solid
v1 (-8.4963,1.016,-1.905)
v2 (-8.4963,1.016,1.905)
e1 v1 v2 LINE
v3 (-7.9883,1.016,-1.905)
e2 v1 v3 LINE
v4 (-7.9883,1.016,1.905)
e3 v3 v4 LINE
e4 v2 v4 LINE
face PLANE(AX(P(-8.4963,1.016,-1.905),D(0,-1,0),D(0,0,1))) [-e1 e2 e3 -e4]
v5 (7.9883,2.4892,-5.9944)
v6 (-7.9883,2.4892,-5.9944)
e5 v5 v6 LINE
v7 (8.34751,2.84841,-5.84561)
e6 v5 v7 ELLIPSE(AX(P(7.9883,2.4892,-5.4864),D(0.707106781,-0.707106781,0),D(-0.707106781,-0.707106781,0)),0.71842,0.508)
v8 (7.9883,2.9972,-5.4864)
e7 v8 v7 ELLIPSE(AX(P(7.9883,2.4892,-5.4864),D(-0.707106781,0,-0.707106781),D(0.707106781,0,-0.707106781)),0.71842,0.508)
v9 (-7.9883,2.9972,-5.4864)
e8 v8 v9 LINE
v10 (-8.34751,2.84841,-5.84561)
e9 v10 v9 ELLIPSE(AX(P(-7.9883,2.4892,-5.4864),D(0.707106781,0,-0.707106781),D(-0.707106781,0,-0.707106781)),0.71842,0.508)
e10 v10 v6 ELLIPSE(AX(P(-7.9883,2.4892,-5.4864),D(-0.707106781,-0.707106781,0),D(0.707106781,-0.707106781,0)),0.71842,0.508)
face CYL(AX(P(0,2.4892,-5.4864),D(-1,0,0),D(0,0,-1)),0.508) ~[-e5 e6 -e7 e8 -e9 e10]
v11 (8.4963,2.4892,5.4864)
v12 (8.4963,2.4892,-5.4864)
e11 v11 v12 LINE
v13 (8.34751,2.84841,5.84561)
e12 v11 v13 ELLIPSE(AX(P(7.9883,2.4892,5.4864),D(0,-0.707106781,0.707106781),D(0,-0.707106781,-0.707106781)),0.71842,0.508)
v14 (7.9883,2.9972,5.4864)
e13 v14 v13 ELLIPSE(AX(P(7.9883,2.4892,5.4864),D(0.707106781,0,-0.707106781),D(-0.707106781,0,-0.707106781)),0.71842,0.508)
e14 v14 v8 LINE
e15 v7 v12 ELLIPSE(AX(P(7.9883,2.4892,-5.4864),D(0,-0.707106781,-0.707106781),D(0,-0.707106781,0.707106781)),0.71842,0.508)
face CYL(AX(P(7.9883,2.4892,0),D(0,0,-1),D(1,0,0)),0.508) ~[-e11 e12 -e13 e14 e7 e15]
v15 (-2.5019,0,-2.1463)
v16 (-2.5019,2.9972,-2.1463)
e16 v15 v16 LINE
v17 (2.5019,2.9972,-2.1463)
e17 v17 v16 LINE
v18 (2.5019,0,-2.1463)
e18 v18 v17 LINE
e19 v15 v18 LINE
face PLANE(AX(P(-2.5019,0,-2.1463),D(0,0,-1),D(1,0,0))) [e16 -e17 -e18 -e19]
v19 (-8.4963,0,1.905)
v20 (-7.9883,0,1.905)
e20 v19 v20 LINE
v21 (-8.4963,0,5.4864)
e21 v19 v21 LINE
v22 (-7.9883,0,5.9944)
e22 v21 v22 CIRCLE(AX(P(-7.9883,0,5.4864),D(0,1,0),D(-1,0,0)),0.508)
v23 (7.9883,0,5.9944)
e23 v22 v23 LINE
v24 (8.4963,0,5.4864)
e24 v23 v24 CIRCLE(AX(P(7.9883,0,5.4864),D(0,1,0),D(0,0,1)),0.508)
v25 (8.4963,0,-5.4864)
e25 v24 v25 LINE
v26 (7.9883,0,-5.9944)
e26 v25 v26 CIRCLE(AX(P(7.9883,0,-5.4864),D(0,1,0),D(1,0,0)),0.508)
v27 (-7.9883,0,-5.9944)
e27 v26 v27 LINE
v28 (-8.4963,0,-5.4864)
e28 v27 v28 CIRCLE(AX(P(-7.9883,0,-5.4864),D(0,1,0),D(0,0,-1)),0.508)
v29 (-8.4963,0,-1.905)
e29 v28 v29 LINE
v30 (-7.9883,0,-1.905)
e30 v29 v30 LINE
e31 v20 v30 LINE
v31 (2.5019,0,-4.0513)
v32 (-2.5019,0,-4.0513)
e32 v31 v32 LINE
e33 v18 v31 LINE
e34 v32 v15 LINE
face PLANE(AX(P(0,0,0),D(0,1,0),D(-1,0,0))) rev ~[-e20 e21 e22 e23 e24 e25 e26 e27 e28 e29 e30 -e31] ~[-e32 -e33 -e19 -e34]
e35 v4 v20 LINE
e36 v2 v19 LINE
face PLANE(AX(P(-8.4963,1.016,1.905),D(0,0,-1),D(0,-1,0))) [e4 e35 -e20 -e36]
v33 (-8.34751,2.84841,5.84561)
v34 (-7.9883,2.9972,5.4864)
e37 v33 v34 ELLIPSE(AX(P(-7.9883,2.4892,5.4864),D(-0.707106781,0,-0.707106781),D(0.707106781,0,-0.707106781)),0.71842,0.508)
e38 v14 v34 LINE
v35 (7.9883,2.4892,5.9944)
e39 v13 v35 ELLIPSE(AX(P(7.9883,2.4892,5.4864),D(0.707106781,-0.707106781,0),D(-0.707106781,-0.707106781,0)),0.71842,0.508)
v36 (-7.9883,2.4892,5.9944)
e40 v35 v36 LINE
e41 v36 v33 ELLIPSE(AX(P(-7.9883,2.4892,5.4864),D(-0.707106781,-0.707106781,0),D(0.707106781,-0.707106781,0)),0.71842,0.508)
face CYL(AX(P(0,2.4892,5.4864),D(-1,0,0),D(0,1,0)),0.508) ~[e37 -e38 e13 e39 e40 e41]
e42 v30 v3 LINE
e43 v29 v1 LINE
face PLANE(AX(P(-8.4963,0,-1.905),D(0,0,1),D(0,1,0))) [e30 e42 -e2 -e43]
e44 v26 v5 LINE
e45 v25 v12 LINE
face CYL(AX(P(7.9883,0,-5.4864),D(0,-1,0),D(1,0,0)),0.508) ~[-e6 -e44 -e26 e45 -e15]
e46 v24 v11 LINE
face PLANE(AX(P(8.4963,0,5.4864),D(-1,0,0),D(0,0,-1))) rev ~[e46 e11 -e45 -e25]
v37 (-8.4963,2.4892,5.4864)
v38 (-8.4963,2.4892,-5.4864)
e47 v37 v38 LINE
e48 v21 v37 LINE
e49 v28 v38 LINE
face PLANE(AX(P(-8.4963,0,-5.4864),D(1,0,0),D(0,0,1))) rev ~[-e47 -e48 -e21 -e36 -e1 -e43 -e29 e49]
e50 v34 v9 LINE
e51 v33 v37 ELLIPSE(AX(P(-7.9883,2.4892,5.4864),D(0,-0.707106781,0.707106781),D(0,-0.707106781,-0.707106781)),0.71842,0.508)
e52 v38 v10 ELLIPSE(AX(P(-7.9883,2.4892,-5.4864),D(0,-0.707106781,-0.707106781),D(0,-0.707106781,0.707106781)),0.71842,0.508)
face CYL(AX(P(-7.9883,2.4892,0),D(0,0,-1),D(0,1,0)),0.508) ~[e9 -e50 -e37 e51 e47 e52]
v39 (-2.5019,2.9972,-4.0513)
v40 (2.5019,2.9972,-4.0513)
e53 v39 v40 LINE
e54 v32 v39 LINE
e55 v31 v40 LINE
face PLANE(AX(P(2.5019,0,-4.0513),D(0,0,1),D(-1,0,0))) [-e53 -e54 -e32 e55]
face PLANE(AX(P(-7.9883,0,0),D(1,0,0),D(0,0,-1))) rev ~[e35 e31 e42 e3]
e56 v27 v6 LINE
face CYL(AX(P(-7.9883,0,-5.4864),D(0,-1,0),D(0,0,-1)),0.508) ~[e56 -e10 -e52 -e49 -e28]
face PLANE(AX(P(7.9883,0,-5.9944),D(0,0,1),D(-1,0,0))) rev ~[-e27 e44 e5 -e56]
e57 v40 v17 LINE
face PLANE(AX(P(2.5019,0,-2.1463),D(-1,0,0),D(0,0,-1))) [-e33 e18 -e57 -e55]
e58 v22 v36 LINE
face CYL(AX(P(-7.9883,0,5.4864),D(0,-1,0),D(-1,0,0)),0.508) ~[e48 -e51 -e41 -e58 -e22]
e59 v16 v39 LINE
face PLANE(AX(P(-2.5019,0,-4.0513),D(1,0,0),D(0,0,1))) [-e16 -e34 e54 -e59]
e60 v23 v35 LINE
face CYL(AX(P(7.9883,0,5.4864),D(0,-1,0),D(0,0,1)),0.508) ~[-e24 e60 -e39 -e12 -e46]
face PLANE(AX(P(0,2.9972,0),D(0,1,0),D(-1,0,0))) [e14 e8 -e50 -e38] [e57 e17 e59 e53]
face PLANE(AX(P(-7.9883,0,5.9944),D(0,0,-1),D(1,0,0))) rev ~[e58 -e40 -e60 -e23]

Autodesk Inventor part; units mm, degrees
sketch "Sketch_1" plane through (0, 0, 0) normal (0, 1, 0) x (-1, 0, 0)
  line L0 (8.4963, -5.4864) -> (8.4963, 5.4864)
  arc A0 (8.4963, 5.4864) -> (7.9883, 5.9944) centre (7.9883, 5.4864) ccw
  line L1 (7.9883, 5.9944) -> (-7.9883, 5.9944)
  arc A1 (-7.9883, 5.9944) -> (-8.4963, 5.4864) centre (-7.9883, 5.4864) ccw
  line L2 (-8.4963, 5.4864) -> (-8.4963, -5.4864)
  arc A2 (-8.4963, -5.4864) -> (-7.9883, -5.9944) centre (-7.9883, -5.4864) ccw
  line L3 (-7.9883, -5.9944) -> (7.9883, -5.9944)
  arc A3 (7.9883, -5.9944) -> (8.4963, -5.4864) centre (7.9883, -5.4864) ccw
extrude "Extrusion1" add sketch "Sketch_1" along normal blind 2.9972
sketch "Sketch_6" plane through (0, 0, 0) normal (0, 0, 1) x (1, 0, 0)
  line L0 (-10.16, 5.08) -> (-10.16, -2.54)
  line L1 (-10.16, -2.54) -> (10.16, -2.54)
  line L2 (10.16, -2.54) -> (10.16, 5.08)
  line L3 (10.16, 5.08) -> (-10.16, 5.08)
  line L4 (-8.4963, 0) -> (8.4963, 0)
  line L5 (8.4963, 0) -> (8.4963, 2.4892)
  arc A0 (8.4963, 2.4892) -> (7.9883, 2.9972) centre (7.9883, 2.4892) ccw
  line L6 (7.9883, 2.9972) -> (-7.9883, 2.9972)
  arc A1 (-7.9883, 2.9972) -> (-8.4963, 2.4892) centre (-7.9883, 2.4892) ccw
  line L7 (-8.4963, 2.4892) -> (-8.4963, 0)
extrude "Extrusion2" cut sketch "Sketch_6" along normal mid plane 15.24
sketch "Sketch_9" plane through (0, 0, 0) normal (1, 0, 0) x (0, 1, 0)
  line L0 (5.08, 10.16) -> (-2.54, 10.16)
  line L1 (-2.54, 10.16) -> (-2.54, -10.16)
  line L2 (-2.54, -10.16) -> (5.08, -10.16)
  line L3 (5.08, -10.16) -> (5.08, 10.16)
  line L4 (0, 5.9944) -> (0, -5.9944)
  line L5 (0, -5.9944) -> (2.4892, -5.9944)
  arc A0 (2.4892, -5.9944) -> (2.9972, -5.4864) centre (2.4892, -5.4864) ccw
  line L6 (2.9972, -5.4864) -> (2.9972, 5.4864)
  arc A1 (2.9972, 5.4864) -> (2.4892, 5.9944) centre (2.4892, 5.4864) ccw
  line L7 (2.4892, 5.9944) -> (0, 5.9944)
extrude "Extrusion3" cut sketch "Sketch_9" along normal mid plane 20.32
sketch "Sketch_4" plane through (-8.4963, 0, 0) normal (1, 0, 0) x (0, 0, -1)
  line L0 (-1.905, 0) -> (1.905, 0)
  line L1 (1.905, 0) -> (1.905, 1.016)
  line L2 (1.905, 1.016) -> (-1.905, 1.016)
  line L3 (-1.905, 1.016) -> (-1.905, 0)
extrude "Extrusion4" cut sketch "Sketch_4" along normal blind 0.508
sketch "Sketch_5" plane through (0, 0, 0) normal (0, 1, 0) x (-1, 0, 0)
  line L0 (2.5019, -4.0513) -> (2.5019, -2.1463)
  line L1 (2.5019, -2.1463) -> (-2.5019, -2.1463)
  line L2 (-2.5019, -2.1463) -> (-2.5019, -4.0513)
  line L3 (-2.5019, -4.0513) -> (2.5019, -4.0513)
extrude "Extrusion5" cut sketch "Sketch_5" along normal blind 5.08
ref_plane "P_XY" through (0, 0, 0) normal (0, 1, 0) x (1, 0, 0)
ref_plane "P_YZ" through (0, 0, 0) normal (1, 0, 0) x (0, 0, -1)
ref_plane "P_ZX" through (0, 0, 0) normal (0, 0, -1) x (0, 1, 0)
ref_plane "SPOT_XY" through (0, 0, -3.0988) normal (0, -1, 0) x (1, 0, 0)
ref_plane "SPOT_YZ" through (0, 0, -3.0988) normal (1, 0, 0) x (0, 0, 1)
ref_plane "SPOT_ZX" through (0, 0, -3.0988) normal (0, 0, 1) x (0, -1, 0)
properties part number "UB16NKG015F-NR"
